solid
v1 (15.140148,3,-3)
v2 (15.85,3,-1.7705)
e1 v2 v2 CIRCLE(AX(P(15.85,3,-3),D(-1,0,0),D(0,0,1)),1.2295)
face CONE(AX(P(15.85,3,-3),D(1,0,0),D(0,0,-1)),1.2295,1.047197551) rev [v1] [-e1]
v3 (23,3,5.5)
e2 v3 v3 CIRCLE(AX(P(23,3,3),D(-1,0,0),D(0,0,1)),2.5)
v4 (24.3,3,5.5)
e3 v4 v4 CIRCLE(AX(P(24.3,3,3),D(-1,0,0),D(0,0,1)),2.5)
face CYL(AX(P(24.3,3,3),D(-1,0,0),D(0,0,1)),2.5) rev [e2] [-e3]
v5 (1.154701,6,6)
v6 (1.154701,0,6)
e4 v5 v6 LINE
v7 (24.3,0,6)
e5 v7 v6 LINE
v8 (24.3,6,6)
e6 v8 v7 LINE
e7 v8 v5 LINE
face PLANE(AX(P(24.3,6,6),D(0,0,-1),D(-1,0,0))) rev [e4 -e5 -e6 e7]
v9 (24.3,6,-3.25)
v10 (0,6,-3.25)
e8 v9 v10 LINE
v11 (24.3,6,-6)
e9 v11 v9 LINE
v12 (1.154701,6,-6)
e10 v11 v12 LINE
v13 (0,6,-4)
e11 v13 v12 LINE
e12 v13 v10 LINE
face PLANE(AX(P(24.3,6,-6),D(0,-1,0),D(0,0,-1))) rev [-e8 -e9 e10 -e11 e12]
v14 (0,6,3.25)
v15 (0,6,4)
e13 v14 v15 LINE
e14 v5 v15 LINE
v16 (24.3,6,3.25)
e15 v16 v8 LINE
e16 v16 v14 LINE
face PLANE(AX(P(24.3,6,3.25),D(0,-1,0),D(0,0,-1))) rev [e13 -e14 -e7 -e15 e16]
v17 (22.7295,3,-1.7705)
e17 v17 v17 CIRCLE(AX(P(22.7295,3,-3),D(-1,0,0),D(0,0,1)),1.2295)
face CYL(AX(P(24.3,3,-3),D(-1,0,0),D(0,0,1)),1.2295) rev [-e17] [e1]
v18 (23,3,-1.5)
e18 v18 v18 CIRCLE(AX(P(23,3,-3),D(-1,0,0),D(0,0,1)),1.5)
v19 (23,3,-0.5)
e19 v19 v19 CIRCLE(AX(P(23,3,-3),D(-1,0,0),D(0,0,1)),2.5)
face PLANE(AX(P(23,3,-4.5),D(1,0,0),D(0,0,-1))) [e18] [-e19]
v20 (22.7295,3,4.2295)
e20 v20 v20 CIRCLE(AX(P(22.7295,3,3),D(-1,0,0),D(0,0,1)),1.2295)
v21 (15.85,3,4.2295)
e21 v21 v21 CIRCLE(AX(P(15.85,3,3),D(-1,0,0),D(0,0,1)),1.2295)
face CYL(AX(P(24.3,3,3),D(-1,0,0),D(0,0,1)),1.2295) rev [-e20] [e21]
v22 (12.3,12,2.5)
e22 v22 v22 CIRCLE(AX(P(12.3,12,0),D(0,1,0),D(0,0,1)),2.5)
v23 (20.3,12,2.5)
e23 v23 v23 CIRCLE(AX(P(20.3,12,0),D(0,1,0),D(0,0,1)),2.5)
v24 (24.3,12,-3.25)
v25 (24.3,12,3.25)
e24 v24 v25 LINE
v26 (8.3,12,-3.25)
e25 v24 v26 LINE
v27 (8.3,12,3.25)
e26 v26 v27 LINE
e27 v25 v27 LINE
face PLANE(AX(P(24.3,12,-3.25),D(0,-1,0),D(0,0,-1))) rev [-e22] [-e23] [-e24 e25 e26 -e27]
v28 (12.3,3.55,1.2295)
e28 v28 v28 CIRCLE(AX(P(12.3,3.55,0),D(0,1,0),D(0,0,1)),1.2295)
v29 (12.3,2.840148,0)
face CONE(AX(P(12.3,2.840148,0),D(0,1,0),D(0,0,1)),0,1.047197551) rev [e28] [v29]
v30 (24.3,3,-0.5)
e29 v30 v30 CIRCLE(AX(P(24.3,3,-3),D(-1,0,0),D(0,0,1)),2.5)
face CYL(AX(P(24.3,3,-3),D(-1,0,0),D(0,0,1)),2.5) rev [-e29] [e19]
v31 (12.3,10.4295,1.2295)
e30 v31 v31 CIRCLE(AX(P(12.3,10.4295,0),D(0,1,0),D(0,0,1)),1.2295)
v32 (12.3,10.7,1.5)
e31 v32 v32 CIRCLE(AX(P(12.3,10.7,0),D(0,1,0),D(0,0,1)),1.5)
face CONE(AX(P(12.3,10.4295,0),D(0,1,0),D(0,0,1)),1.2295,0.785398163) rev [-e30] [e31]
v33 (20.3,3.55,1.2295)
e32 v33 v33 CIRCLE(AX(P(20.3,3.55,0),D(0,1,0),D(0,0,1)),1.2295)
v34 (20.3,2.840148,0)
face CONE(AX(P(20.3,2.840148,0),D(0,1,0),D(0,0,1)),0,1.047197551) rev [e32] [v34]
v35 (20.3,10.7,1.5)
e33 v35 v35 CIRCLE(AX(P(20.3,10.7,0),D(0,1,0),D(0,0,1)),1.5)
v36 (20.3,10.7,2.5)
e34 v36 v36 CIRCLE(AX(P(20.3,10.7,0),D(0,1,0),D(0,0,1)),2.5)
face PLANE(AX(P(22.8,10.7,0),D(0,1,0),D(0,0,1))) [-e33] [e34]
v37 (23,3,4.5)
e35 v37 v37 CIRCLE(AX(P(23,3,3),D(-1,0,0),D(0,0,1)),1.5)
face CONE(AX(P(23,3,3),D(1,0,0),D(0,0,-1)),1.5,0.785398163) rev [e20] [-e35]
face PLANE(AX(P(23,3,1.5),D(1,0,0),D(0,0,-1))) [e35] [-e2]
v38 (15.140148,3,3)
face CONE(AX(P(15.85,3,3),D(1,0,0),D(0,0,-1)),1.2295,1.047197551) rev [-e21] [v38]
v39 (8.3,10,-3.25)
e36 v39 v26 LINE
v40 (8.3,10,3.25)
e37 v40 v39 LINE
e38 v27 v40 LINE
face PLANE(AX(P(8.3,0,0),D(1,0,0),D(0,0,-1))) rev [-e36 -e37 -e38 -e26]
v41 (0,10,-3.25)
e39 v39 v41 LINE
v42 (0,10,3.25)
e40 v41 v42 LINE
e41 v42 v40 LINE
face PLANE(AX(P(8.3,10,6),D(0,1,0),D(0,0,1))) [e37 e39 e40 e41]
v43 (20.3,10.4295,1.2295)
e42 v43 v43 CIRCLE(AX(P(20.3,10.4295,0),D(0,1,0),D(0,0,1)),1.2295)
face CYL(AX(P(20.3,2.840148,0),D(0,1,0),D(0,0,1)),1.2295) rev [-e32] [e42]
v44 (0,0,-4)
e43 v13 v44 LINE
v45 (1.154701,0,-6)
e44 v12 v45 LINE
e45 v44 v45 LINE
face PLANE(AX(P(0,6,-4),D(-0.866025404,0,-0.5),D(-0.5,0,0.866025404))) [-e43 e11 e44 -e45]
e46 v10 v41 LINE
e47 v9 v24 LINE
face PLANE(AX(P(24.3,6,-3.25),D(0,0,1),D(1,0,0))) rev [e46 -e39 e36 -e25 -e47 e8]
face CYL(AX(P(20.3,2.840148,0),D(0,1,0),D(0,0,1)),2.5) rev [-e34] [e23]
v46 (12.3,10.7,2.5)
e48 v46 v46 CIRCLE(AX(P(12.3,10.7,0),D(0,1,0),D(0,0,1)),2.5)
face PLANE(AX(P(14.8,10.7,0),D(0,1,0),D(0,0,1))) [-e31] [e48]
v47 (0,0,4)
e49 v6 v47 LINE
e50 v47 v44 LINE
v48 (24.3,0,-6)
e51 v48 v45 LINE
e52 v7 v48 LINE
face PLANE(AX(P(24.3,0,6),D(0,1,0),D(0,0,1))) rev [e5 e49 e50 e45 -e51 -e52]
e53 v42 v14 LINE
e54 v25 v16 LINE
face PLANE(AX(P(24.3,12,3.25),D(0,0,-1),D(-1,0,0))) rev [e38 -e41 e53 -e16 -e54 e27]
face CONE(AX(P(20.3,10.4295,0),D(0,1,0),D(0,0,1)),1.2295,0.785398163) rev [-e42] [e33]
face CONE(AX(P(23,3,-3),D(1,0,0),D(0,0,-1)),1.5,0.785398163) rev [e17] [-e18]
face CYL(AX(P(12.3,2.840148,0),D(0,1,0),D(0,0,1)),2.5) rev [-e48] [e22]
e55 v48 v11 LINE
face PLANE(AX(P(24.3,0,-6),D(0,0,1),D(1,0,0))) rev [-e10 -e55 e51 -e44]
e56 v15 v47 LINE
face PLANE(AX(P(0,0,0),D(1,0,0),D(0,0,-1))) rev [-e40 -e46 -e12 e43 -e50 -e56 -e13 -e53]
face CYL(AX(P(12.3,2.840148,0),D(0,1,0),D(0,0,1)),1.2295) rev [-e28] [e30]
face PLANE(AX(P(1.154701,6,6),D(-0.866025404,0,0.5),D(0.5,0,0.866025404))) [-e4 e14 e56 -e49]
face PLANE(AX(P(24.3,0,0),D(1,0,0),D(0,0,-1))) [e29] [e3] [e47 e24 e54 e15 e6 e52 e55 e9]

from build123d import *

# Parameters (mm, degrees)
BOSS_EXTRUDE1_DEPTH = 24.3
SKETCH2_W           = 12
SKETCH2_H           = 2
CUT_EXTRUDE1_DEPTH  = 8.3
CUT_EXTRUDE2_DEPTH  = 6


with BuildPart() as part:
    # Sketch1 → Boss-Extrude1 (new body)
    with BuildSketch(Plane(origin=(0, 0, 0), x_dir=(0, 0, -1), z_dir=(1, 0, 0))):
        Polygon((-6, 6), (-6, 0), (6, 0), (6, 6), (3.25, 6), (3.25, 12), (-3.25, 12), (-3.25, 6), align=None)
    extrude(amount=BOSS_EXTRUDE1_DEPTH)

    # Sketch2 → Cut-Extrude1 (cut)
    with BuildSketch(Plane(origin=(0, 0, 0), x_dir=(0, 0, -1), z_dir=(1, 0, 0))):
        with Locations((0, 11)):
            Rectangle(SKETCH2_W, SKETCH2_H)
    extrude(amount=CUT_EXTRUDE1_DEPTH, mode=Mode.SUBTRACT)

    # Sketch3 → Cut-Revolve1 (revolve, cut)
    with BuildSketch(Plane(origin=(0, 3, 0), x_dir=(1, 0, 0), z_dir=(0, 1, 0))):
        Polygon((15.140147844, 3), (15.85, 4.2295), (22.7295, 4.2295), (23, 4.5), (23, 5.5), (24.3, 5.5), (24.3, 3), align=None)
    revolve(axis=Axis((24.3, 3, -3), (-1, 0, 0)), mode=Mode.SUBTRACT)

    # Sketch4 → Cut-Revolve2 (revolve, cut)
    with BuildSketch(Plane(origin=(0, 3, 0), x_dir=(1, 0, 0), z_dir=(0, 1, 0))):
        Polygon((15.140147844, -3), (15.85, -1.7705), (22.7295, -1.7705), (23, -1.5), (23, -0.5), (24.3, -0.5), (24.3, -3), align=None)
    revolve(axis=Axis((24.3, 3, 3), (-1, 0, 0)), mode=Mode.SUBTRACT)

    # Sketch5 → Cut-Revolve3 (revolve, cut)
    with BuildSketch(Plane.XY):
        Polygon((20.3, 12), (22.8, 12), (22.8, 10.7), (21.8, 10.7), (21.5295, 10.4295), (21.5295, 3.55), (20.3, 2.840147844), align=None)
    revolve(axis=Axis((20.3, 2.840147844, 0), (0, 1, 0)), mode=Mode.SUBTRACT)

    # Sketch6 → Cut-Revolve4 (revolve, cut)
    with BuildSketch(Plane.XY):
        Polygon((12.3, 12), (14.8, 12), (14.8, 10.7), (13.8, 10.7), (13.5295, 10.4295), (13.5295, 3.55), (12.3, 2.840147844), align=None)
    revolve(axis=Axis((12.3, 2.840147844, 0), (0, 1, 0)), mode=Mode.SUBTRACT)

    # Sketch7 → Cut-Extrude2 (cut)
    with BuildSketch(Plane(origin=(0, 0, 0), x_dir=(1, 0, 0), z_dir=(0, 1, 0))):
        Polygon((-1, -7), (11.15, -7), (11.15, -6), (1.154700538, -6), (0, -4), (0, 4), (1.154700538, 6), (11.15, 6), (11.15, 7), (-1, 7), align=None)
    extrude(amount=CUT_EXTRUDE2_DEPTH, mode=Mode.SUBTRACT)


solid = part.part
